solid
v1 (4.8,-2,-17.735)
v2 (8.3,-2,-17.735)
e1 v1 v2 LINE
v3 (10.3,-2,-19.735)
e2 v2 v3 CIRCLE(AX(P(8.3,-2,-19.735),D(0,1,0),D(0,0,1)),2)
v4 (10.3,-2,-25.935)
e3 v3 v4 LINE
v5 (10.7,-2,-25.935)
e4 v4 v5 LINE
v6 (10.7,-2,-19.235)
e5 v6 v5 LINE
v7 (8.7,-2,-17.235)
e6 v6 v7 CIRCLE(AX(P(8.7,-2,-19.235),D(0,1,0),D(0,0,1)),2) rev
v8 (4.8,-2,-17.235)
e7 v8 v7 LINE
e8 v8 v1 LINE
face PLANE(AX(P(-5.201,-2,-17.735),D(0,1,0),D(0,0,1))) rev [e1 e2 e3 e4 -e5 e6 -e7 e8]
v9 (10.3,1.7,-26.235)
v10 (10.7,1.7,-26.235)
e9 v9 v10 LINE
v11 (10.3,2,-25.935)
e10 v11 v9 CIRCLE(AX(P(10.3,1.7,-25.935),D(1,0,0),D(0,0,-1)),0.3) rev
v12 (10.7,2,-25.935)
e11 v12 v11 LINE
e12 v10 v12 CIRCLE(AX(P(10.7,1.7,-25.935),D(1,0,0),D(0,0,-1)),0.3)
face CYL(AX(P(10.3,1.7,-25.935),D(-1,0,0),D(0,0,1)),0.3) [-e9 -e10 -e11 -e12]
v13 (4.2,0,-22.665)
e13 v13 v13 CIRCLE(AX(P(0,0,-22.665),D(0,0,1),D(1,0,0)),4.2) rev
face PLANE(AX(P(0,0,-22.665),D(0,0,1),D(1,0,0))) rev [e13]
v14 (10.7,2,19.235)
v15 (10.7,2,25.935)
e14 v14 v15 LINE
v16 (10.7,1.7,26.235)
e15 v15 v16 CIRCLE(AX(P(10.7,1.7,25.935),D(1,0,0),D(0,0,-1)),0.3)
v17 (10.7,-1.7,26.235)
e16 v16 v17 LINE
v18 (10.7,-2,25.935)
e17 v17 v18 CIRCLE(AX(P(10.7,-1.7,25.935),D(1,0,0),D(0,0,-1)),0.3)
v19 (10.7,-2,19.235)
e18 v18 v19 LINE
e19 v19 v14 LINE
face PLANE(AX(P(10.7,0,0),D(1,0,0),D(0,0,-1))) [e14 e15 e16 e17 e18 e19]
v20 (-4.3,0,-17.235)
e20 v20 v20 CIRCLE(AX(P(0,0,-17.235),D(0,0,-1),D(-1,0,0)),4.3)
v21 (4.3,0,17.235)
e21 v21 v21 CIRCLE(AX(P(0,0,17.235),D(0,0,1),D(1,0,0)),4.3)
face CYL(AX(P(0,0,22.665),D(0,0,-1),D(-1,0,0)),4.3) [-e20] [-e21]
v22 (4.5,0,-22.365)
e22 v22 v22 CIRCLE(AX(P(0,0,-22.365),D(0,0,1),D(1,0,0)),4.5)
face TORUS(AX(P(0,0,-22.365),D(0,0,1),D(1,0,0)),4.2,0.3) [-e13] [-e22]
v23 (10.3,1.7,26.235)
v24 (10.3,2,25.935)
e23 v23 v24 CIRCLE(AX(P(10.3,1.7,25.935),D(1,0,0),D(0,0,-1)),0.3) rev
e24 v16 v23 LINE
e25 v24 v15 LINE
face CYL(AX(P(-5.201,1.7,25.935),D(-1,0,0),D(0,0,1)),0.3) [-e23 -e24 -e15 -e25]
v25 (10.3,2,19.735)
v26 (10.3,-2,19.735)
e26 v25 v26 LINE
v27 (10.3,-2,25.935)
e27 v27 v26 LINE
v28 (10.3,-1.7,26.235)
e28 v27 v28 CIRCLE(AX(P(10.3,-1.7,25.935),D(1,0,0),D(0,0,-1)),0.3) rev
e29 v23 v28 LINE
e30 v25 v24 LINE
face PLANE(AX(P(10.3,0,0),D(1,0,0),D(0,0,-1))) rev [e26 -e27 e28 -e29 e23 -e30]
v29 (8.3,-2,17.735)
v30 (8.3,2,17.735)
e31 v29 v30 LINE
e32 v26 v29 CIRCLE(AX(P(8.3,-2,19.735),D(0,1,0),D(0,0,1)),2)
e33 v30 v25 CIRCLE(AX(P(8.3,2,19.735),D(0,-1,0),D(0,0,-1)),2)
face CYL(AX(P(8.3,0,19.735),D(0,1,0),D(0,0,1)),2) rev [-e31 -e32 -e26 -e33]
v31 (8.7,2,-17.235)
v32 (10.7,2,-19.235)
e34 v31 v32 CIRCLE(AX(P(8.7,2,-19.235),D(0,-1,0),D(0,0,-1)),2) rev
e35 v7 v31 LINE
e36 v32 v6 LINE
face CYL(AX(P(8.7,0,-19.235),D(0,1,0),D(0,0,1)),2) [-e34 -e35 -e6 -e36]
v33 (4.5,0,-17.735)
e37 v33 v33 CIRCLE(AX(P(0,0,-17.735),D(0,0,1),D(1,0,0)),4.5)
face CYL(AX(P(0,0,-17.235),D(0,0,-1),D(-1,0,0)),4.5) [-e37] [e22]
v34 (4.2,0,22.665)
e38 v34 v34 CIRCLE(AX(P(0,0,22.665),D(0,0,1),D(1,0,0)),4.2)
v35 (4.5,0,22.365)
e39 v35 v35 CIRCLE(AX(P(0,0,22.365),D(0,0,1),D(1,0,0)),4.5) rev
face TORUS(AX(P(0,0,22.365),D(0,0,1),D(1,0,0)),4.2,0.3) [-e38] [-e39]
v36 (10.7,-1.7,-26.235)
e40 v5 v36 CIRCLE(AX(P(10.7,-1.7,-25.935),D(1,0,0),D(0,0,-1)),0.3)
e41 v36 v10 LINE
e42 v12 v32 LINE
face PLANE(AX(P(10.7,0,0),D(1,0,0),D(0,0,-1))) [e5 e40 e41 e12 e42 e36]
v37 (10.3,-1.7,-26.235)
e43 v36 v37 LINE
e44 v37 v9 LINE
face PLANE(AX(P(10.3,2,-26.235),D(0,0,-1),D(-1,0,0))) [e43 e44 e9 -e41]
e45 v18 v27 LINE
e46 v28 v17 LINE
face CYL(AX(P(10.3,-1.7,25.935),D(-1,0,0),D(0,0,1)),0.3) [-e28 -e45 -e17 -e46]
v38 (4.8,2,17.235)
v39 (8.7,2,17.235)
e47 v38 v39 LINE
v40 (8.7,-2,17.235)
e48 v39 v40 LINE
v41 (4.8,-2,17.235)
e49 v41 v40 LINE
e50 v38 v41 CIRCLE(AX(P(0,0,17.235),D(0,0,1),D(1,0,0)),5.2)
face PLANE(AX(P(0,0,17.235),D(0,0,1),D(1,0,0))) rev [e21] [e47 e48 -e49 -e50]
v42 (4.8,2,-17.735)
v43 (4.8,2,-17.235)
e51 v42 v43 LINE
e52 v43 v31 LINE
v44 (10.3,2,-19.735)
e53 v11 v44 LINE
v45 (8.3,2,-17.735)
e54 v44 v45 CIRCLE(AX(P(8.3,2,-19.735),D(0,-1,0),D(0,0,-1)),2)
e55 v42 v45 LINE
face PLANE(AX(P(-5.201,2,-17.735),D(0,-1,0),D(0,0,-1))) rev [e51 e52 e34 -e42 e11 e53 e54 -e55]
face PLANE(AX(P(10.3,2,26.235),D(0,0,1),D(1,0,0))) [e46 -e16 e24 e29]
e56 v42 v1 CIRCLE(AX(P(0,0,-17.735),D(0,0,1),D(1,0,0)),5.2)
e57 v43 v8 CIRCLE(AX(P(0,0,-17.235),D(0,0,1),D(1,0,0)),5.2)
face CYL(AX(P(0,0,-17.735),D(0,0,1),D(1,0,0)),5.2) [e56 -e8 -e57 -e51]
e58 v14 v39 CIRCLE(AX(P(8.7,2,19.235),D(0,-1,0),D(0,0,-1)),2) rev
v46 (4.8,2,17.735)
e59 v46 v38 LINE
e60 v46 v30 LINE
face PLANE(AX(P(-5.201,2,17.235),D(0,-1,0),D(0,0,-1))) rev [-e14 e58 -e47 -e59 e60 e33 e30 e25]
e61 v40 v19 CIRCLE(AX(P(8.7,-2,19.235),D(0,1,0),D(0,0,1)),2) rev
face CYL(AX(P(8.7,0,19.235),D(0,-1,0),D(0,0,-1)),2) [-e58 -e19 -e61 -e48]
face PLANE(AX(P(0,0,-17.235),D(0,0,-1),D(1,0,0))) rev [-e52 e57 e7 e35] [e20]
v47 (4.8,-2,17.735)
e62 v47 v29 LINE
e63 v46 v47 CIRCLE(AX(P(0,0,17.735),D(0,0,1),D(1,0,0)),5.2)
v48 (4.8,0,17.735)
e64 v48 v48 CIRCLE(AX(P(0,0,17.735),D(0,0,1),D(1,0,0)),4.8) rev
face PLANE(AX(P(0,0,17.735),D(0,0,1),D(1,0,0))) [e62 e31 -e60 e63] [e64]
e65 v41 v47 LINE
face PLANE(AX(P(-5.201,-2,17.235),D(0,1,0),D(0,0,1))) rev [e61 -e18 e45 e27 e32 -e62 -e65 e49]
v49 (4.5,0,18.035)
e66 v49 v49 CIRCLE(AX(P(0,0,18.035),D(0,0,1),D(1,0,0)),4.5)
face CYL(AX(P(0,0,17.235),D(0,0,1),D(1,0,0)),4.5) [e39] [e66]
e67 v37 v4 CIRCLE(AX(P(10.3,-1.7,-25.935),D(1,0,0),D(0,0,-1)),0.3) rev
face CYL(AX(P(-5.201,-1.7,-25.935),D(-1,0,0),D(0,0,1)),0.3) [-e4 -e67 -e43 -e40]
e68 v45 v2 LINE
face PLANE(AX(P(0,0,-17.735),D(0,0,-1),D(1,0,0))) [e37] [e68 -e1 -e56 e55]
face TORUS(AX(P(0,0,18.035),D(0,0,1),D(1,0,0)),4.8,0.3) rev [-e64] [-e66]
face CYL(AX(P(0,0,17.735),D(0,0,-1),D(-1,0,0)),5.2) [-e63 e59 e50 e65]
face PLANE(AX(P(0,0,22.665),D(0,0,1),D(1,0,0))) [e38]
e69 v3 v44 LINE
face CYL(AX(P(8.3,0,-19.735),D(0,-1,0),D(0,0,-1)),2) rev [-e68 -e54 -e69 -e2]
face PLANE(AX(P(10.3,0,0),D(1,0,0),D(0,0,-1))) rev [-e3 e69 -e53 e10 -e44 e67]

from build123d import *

# Parameters (mm, degrees)
SKETCH1_R           = 4.3
BOSS_EXTRUDE1_DEPTH = 22.665
SKETCH2_R           = 4.5
SKETCH2_R_2         = 4.3
BOSS_EXTRUDE2_DEPTH = 5.43
SKETCH3_R           = 5.2
SKETCH3_R_2         = 4.5
BOSS_EXTRUDE3_DEPTH = 0.5
SKETCH5_W           = 9
SKETCH5_H           = 4
BOSS_EXTRUDE4_DEPTH = 0.4
SKETCH6_W           = 0.5
SKETCH6_H           = 4
BOSS_EXTRUDE5_DEPTH = 5.5
SKETCH7_W           = 9
SKETCH7_H           = 4
BOSS_EXTRUDE6_DEPTH = 0.4
SKETCH8_W           = 0.5
SKETCH8_H           = 4
BOSS_EXTRUDE7_DEPTH = 5.5
FILLET2_R           = 2
FILLET3_R           = 0.3


with BuildPart() as part:
    # Sketch1 → Boss-Extrude1 (new body, symmetric)
    with BuildSketch(Plane.XY):
        Circle(SKETCH1_R)
    extrude(amount=BOSS_EXTRUDE1_DEPTH, both=True)

    # Sketch2 → Boss-Extrude2 (add)
    with BuildSketch(Plane.XY.offset(22.665)):
        Circle(SKETCH2_R)
        Circle(SKETCH2_R_2, mode=Mode.SUBTRACT)
    boss_extrude2 = extrude(amount=-BOSS_EXTRUDE2_DEPTH)

    # Sketch3 → Boss-Extrude3 (add)
    with BuildSketch(Plane.XY.offset(17.235)):
        Circle(SKETCH3_R)
        Circle(SKETCH3_R_2, mode=Mode.SUBTRACT)
    boss_extrude3 = extrude(amount=BOSS_EXTRUDE3_DEPTH)

    # Mirror1: Boss-Extrude2, Boss-Extrude3 across plane
    add(boss_extrude2.mirror(Plane.XY))
    add(boss_extrude3.mirror(Plane.XY))



with BuildPart() as body_2:
    # Sketch5 → Boss-Extrude4 (new body)
    with BuildSketch(Plane(origin=(10.7, 0, 0), x_dir=(0, 0, -1), z_dir=(1, 0, 0))):
        with Locations((21.735, 0)):
            Rectangle(SKETCH5_W, SKETCH5_H)
    extrude(amount=-BOSS_EXTRUDE4_DEPTH)


with BuildPart() as part_1:
    add(part.part)

    add(body_2.part)  # Boss-Extrude5 merges body 2
    # Sketch6 → Boss-Extrude5 (add)
    with BuildSketch(Plane.ZY.offset(-10.3)):
        with Locations((-17.485, 0)):
            Rectangle(SKETCH6_W, SKETCH6_H)
    extrude(amount=BOSS_EXTRUDE5_DEPTH)



with BuildPart() as body_2_2:
    # Sketch7 → Boss-Extrude6 (new body)
    with BuildSketch(Plane(origin=(10.7, 0, 0), x_dir=(0, 0, -1), z_dir=(1, 0, 0))):
        with Locations((-21.735, 0)):
            Rectangle(SKETCH7_W, SKETCH7_H)
    extrude(amount=-BOSS_EXTRUDE6_DEPTH)


with BuildPart() as part_2:
    add(part_1.part)

    add(body_2_2.part)  # Boss-Extrude7 merges body 2 2
    # Sketch8 → Boss-Extrude7 (add)
    with BuildSketch(Plane.ZY.offset(-10.3)):
        with Locations((17.485, 0)):
            Rectangle(SKETCH8_W, SKETCH8_H)
    extrude(amount=BOSS_EXTRUDE7_DEPTH)

    # Fillet2
    fillet2_edges = [part_2.edges().sort_by_distance(p)[0] for p in [
        (10.3, 0, -17.735),
        (10.7, 0, -17.235),
        (10.3, 0, 17.735),
        (10.7, 0, 17.235),
    ]]
    fillet(fillet2_edges, radius=FILLET2_R)

    # Fillet3
    fillet3_edges = [part_2.edges().sort_by_distance(p)[0] for p in [
        (-4.5, 0, 17.735),
        (-4.5, 0, -22.665),
        (10.5, 2, -26.235),
        (10.5, -2, -26.235),
        (10.5, -2, 26.235),
        (10.5, 2, 26.235),
        (-4.5, 0, 22.665),
    ]]
    fillet(fillet3_edges, radius=FILLET3_R)


solid = part_2.part
